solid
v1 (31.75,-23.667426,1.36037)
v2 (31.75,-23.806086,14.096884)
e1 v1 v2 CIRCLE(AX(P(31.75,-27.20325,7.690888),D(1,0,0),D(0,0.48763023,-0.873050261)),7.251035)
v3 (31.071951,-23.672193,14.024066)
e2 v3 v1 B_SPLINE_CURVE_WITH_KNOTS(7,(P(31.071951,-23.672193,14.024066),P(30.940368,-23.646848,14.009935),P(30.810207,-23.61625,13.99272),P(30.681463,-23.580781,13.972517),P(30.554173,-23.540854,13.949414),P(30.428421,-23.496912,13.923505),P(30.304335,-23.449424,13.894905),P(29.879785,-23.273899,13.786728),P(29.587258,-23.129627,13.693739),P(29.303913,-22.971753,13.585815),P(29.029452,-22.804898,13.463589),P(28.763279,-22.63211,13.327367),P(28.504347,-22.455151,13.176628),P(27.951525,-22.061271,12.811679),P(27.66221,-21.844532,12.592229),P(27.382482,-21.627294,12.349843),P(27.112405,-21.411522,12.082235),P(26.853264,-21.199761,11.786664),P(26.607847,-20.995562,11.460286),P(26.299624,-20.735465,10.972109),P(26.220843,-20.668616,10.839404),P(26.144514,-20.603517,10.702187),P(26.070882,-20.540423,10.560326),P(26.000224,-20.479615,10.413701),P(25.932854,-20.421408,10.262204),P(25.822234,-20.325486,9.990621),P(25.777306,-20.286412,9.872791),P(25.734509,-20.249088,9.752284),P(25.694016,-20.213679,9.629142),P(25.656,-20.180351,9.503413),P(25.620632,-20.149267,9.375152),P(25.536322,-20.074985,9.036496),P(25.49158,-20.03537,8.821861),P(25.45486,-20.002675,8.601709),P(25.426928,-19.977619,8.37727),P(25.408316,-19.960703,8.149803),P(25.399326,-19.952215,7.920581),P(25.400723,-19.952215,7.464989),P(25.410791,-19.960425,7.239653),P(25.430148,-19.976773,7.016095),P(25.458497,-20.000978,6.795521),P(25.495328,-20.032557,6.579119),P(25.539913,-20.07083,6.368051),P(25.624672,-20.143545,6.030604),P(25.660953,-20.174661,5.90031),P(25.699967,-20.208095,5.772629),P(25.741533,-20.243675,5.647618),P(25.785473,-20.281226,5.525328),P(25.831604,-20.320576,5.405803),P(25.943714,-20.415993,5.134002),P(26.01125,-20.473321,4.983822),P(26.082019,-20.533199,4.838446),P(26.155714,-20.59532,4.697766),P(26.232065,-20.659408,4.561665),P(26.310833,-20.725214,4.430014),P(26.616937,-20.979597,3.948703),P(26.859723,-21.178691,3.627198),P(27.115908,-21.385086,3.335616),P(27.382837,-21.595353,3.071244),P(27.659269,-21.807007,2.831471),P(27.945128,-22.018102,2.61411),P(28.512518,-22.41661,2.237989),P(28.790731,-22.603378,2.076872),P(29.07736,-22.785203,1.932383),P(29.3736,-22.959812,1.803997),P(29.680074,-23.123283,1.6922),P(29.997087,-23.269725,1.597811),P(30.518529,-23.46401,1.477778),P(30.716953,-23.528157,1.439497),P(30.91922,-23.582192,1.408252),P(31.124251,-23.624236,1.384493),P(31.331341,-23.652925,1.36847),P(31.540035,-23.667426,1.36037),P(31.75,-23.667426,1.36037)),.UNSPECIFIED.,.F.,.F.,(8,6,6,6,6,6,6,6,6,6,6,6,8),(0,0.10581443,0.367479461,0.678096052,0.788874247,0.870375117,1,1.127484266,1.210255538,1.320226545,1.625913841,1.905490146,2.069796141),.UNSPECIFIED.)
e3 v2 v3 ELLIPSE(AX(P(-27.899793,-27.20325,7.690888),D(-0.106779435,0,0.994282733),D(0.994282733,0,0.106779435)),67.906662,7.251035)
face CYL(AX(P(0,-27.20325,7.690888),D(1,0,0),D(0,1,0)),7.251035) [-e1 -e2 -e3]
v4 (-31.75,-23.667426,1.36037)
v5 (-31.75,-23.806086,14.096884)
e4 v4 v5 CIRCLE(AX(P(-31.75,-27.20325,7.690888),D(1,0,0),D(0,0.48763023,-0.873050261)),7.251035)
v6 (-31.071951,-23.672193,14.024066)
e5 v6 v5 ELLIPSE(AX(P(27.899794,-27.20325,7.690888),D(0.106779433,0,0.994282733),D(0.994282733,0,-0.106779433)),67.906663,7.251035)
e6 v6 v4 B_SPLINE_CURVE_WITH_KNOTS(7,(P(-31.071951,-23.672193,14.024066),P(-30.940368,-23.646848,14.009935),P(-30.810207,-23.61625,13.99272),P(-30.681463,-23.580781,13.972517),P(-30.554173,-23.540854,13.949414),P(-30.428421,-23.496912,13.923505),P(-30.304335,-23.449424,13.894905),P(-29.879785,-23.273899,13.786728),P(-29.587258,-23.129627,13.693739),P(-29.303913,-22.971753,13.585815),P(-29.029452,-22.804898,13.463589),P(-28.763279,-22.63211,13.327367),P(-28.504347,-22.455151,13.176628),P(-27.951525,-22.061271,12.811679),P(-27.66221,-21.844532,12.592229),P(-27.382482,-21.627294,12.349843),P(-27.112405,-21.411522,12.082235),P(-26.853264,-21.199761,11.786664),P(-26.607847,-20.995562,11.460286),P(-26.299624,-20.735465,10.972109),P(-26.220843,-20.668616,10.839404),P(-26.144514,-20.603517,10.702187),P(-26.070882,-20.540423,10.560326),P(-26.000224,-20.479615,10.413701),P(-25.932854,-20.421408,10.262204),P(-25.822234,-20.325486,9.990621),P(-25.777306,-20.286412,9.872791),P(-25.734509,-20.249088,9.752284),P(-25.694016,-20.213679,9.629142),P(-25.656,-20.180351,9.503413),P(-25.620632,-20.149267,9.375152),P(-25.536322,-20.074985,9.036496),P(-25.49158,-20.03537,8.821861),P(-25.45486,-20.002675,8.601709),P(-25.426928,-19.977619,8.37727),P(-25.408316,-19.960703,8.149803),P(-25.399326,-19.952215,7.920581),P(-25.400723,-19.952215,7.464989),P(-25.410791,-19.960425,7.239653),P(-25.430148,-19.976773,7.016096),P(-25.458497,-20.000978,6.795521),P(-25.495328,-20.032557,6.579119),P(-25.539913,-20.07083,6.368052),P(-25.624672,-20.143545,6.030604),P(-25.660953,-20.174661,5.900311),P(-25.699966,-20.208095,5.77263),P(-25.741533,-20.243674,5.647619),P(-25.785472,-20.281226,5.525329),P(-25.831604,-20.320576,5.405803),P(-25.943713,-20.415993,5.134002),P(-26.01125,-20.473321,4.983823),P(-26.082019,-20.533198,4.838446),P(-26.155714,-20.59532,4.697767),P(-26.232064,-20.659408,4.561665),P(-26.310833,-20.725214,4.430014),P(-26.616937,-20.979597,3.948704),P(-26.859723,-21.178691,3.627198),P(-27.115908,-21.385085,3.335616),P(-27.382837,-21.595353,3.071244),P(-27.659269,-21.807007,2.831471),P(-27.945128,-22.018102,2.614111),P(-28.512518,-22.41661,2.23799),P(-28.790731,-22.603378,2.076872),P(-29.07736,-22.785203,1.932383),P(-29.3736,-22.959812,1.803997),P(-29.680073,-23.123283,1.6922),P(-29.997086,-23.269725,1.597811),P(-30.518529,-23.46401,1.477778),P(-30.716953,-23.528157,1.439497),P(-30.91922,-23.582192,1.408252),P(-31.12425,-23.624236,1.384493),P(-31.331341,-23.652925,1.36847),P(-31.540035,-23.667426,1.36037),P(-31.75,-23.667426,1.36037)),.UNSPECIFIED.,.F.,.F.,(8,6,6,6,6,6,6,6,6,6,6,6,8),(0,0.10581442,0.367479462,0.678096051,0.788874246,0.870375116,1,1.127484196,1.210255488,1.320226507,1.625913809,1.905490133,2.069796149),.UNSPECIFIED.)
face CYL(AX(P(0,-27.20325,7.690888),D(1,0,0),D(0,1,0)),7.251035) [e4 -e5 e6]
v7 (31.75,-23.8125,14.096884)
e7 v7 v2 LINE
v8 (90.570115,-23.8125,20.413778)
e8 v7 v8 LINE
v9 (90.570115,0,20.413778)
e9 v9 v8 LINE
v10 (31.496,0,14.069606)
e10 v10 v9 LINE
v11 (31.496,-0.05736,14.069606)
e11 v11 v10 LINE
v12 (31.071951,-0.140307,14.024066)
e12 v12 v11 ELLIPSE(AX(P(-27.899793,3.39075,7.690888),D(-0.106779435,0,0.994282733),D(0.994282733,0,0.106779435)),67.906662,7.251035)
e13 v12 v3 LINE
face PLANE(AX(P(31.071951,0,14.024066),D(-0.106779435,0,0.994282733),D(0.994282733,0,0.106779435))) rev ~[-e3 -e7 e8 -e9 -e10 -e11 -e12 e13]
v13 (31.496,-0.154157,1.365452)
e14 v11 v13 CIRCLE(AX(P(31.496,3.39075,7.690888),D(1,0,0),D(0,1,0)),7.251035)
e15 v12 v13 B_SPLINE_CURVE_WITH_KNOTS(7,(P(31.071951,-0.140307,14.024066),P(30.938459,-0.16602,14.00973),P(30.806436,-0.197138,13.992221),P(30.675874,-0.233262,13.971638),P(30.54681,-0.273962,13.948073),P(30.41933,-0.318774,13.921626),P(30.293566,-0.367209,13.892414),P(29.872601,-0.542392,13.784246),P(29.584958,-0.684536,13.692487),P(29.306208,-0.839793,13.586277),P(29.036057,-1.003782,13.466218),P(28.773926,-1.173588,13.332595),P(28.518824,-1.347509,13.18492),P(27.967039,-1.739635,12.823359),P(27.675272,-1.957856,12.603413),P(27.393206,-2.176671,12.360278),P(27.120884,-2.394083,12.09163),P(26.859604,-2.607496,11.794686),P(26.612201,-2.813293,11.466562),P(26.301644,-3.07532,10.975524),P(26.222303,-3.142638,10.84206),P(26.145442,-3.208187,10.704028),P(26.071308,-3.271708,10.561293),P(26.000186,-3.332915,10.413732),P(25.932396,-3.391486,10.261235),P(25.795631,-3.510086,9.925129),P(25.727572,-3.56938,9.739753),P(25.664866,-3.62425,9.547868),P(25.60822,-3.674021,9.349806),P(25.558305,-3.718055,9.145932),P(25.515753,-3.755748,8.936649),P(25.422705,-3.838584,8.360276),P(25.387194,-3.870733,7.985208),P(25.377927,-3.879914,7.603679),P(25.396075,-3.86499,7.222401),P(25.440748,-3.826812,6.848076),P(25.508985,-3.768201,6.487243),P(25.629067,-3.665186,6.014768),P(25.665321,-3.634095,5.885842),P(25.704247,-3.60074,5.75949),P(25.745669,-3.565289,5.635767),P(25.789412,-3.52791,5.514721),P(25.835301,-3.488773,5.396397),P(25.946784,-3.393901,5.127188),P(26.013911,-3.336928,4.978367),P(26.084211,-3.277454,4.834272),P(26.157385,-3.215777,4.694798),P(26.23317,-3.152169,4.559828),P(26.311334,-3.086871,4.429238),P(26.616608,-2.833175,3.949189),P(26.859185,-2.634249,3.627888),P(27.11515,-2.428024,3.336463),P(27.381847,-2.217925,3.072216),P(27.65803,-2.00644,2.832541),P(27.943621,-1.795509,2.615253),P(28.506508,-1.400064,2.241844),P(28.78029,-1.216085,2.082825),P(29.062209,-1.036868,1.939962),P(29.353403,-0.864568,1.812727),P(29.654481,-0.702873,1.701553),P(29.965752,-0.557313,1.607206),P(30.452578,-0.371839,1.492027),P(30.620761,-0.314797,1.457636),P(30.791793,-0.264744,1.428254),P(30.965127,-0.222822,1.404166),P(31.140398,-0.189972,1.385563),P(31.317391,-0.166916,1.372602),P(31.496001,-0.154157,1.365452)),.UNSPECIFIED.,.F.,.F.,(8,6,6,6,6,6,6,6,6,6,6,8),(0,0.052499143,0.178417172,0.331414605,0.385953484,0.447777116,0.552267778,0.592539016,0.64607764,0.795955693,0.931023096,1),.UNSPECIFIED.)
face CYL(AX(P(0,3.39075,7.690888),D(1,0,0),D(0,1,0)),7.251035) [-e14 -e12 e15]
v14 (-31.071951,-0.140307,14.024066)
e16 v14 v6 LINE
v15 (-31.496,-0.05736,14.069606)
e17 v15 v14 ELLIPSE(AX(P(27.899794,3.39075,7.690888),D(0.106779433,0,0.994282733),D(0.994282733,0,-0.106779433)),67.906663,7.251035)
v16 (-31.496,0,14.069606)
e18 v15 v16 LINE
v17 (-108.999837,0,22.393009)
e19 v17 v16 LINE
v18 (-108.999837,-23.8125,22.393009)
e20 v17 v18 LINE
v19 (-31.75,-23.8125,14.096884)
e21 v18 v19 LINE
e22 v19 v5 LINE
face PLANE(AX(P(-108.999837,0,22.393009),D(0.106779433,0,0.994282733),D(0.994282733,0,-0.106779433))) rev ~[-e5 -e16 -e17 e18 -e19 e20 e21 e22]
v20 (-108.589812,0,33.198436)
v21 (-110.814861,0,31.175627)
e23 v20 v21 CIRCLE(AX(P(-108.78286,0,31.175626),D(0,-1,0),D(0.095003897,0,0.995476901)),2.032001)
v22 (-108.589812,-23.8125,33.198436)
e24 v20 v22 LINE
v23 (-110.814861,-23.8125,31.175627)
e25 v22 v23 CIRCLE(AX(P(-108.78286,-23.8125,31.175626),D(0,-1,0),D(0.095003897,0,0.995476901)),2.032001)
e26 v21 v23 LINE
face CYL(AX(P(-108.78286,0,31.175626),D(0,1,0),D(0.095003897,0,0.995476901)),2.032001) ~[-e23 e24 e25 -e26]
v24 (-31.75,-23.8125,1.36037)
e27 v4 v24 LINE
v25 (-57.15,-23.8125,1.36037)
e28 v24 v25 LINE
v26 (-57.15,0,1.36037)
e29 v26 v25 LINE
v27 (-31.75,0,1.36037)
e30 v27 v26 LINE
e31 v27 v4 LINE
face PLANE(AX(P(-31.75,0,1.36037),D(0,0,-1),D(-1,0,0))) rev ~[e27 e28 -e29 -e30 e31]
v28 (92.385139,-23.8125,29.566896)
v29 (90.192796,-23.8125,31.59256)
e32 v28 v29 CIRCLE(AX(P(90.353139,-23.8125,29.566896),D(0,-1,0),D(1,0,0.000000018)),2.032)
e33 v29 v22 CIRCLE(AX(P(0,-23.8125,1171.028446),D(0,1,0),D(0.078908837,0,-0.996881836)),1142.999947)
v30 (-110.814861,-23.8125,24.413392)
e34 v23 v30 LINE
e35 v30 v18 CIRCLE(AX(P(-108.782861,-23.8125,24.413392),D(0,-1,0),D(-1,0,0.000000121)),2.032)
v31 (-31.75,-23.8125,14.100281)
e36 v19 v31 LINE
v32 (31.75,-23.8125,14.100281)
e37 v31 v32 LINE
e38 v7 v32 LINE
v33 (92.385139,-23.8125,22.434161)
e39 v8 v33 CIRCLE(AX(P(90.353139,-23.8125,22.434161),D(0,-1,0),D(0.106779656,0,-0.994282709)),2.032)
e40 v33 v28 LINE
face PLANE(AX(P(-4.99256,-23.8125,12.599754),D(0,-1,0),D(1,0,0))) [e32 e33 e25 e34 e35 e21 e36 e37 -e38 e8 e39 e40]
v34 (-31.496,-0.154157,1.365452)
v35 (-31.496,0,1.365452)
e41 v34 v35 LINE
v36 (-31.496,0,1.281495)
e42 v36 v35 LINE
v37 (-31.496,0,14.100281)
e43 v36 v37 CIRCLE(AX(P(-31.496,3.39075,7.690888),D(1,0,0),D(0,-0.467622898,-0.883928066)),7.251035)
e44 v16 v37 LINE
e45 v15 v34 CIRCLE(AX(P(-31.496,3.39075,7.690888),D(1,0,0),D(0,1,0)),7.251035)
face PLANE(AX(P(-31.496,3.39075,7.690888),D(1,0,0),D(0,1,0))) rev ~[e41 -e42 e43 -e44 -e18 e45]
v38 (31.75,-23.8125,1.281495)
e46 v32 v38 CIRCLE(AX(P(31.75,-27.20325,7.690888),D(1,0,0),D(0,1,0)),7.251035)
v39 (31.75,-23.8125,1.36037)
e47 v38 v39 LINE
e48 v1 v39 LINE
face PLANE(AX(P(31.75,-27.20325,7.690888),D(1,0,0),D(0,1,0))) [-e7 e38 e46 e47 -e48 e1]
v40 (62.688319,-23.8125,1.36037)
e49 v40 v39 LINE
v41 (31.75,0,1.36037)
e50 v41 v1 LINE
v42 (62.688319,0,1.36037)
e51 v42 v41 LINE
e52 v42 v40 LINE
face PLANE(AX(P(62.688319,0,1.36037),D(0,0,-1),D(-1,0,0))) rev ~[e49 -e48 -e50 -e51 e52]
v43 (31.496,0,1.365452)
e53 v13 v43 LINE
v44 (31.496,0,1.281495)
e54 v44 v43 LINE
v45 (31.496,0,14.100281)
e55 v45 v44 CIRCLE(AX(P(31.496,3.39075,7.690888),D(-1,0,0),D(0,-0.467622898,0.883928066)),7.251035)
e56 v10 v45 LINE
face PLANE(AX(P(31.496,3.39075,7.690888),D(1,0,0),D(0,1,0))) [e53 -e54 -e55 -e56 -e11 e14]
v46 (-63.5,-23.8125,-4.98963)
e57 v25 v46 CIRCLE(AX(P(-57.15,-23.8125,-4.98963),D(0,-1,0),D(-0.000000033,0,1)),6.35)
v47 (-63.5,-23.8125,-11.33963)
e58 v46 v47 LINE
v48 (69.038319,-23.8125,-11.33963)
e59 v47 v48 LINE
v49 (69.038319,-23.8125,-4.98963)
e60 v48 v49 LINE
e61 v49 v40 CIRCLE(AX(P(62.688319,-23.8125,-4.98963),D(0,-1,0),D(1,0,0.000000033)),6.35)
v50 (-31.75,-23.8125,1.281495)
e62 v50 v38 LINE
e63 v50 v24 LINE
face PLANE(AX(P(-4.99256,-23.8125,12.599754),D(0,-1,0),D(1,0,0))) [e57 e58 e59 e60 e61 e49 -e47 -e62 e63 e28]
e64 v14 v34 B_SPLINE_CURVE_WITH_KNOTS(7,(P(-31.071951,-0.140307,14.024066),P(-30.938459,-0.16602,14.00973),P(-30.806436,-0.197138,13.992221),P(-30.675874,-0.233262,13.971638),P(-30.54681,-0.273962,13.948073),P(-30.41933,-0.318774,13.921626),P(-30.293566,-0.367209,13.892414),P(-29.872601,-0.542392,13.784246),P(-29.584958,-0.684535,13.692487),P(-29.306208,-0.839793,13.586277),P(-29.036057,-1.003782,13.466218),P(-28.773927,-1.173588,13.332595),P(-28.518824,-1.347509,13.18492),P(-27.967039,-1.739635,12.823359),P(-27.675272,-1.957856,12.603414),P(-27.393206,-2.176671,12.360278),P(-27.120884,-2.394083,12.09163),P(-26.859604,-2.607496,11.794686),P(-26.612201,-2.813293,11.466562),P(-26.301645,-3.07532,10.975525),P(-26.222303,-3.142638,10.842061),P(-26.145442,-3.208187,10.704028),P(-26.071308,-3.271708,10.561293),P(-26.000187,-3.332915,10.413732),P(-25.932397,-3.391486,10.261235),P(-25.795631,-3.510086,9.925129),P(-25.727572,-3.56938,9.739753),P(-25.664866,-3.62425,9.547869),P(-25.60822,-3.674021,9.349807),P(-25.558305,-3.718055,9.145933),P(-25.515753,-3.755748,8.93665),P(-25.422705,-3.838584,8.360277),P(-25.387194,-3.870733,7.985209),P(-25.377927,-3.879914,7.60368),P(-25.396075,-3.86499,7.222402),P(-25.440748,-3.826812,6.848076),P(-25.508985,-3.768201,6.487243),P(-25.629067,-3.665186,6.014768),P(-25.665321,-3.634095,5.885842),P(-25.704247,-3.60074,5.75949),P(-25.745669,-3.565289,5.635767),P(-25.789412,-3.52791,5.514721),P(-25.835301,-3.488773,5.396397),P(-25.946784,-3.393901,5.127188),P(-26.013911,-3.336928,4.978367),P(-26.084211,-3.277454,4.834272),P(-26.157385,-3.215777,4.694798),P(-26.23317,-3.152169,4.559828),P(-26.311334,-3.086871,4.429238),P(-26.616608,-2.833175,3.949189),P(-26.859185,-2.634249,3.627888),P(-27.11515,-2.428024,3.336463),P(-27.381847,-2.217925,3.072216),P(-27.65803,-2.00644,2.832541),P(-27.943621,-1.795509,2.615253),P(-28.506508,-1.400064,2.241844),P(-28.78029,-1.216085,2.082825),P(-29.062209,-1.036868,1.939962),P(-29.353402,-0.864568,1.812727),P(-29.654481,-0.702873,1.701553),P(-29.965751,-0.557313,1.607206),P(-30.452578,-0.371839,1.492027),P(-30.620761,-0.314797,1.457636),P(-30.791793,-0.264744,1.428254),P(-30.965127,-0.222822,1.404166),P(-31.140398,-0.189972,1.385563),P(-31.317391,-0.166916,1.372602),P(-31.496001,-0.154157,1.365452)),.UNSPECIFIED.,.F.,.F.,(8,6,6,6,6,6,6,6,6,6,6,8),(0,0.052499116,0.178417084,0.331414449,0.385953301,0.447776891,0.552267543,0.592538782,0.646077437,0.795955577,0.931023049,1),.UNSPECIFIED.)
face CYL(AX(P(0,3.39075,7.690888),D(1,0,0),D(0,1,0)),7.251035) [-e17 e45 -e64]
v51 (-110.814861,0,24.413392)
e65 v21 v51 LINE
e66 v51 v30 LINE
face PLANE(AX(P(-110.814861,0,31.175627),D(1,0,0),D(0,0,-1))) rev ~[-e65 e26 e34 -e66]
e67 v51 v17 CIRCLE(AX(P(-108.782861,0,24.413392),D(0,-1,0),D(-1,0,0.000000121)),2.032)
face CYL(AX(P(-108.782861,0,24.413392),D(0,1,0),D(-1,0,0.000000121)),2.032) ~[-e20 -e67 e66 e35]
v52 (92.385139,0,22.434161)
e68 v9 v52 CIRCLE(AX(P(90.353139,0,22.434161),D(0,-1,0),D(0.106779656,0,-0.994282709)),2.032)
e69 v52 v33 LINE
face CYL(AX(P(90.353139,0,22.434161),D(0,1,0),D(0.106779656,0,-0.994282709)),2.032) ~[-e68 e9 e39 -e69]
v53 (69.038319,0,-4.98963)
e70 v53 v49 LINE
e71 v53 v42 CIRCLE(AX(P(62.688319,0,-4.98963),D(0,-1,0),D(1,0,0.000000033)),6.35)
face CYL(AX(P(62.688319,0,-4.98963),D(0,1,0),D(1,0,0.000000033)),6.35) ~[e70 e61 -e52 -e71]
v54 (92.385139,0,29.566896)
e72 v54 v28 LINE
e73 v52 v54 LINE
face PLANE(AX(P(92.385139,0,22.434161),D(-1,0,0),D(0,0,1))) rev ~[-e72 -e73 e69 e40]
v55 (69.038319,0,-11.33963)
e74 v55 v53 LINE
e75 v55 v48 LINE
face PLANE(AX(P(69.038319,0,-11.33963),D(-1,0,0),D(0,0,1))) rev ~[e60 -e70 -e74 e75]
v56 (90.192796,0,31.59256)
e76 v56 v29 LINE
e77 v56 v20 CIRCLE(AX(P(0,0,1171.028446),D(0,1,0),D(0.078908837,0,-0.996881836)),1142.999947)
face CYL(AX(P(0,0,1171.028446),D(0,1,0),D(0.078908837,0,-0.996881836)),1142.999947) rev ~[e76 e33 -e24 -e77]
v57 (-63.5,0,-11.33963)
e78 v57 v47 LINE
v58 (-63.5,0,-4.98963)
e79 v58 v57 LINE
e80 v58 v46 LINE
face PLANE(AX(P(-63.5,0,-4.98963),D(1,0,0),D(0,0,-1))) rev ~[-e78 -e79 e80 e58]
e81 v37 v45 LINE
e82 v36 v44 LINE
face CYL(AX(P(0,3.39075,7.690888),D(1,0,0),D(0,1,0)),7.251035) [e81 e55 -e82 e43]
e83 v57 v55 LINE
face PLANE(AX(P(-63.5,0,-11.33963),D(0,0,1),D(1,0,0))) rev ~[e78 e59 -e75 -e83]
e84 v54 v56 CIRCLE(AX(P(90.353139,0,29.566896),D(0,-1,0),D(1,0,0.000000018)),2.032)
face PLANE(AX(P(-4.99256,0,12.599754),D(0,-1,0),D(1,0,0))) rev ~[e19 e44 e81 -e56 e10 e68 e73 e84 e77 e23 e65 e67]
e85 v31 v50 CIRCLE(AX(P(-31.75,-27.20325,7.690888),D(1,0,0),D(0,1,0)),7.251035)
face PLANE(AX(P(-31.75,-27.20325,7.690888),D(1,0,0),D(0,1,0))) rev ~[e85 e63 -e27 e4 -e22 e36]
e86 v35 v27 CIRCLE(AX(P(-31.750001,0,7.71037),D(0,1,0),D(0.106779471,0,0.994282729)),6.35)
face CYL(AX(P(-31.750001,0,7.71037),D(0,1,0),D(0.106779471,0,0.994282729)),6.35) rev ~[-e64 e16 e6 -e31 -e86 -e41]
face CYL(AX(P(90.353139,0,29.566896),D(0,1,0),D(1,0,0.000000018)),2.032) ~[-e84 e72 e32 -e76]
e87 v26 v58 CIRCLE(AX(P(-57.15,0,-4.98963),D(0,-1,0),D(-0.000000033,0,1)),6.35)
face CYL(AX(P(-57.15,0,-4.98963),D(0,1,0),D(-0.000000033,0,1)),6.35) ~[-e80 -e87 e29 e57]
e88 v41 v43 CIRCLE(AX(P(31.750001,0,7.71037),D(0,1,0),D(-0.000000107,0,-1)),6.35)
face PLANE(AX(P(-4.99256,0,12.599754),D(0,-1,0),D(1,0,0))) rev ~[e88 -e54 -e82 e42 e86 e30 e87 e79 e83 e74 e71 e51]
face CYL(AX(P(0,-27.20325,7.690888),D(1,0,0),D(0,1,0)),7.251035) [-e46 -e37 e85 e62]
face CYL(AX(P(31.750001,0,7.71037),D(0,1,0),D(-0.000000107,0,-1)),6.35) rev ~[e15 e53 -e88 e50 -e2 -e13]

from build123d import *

# Parameters (mm, degrees)
F1_DEPTH = 23.8125
F2_R     = 7.251035
F3_DEPTH = 31.496
F4_DEPTH = 31.75


with BuildPart() as f1:
    # F0 (on Front) → F1 (new body)
    with BuildSketch(Plane.XZ):
        with BuildLine():
            Line((-63.5, -4.98963), (-63.5, -11.33963))
            Line((-63.5, -11.33963), (0, -11.33963))
            Line((0, -11.33963), (69.038319, -11.33963))
            Line((69.038319, -11.33963), (69.038319, -4.98963))
            ThreePointArc((69.038319, -4.98963), (67.178447, -0.499502), (62.688319, 1.36037))
            Line((62.688319, 1.36037), (31.75, 1.36037))
            ThreePointArc((31.75, 1.36037), (25.409083, 7.37086), (31.071951, 14.024066))
            Line((31.071951, 14.024066), (90.570115, 20.413778))
            ThreePointArc((90.570115, 20.413778), (91.864747, 21.076197), (92.385139, 22.434161))
            Line((92.385139, 22.434161), (92.385139, 29.566896))
            ThreePointArc((92.385139, 29.566896), (91.732126, 31.05935), (90.192796, 31.59256))
            ThreePointArc((90.192796, 31.59256), (-9.233486, 28.065795), (-108.589812, 33.198436))
            ThreePointArc((-108.589812, 33.198436), (-110.149746, 32.679172), (-110.814861, 31.175627))
            Line((-110.814861, 31.175627), (-110.814861, 24.413392))
            ThreePointArc((-110.814861, 24.413392), (-110.294469, 23.055428), (-108.999837, 22.393009))
            Line((-108.999837, 22.393009), (-31.071951, 14.024066))
            ThreePointArc((-31.071951, 14.024066), (-25.409083, 7.37086), (-31.75, 1.36037))
            Line((-31.75, 1.36037), (-57.15, 1.36037))
            ThreePointArc((-57.15, 1.36037), (-61.640128, -0.499502), (-63.5, -4.98963))
        make_face()
    extrude(amount=F1_DEPTH)

    # F2 (on Right) → F3 (join, symmetric)
    with BuildSketch(Plane.YZ):
        with Locations((3.39075, 7.690888)):
            Circle(F2_R)
    extrude(amount=F3_DEPTH, both=True)

    # F2 (on Right) → F4 (join, symmetric)
    with BuildSketch(Plane.YZ):
        with Locations((-27.20325, 7.690888)):
            Circle(F2_R)
    extrude(amount=F4_DEPTH, both=True)


solid = f1.part
